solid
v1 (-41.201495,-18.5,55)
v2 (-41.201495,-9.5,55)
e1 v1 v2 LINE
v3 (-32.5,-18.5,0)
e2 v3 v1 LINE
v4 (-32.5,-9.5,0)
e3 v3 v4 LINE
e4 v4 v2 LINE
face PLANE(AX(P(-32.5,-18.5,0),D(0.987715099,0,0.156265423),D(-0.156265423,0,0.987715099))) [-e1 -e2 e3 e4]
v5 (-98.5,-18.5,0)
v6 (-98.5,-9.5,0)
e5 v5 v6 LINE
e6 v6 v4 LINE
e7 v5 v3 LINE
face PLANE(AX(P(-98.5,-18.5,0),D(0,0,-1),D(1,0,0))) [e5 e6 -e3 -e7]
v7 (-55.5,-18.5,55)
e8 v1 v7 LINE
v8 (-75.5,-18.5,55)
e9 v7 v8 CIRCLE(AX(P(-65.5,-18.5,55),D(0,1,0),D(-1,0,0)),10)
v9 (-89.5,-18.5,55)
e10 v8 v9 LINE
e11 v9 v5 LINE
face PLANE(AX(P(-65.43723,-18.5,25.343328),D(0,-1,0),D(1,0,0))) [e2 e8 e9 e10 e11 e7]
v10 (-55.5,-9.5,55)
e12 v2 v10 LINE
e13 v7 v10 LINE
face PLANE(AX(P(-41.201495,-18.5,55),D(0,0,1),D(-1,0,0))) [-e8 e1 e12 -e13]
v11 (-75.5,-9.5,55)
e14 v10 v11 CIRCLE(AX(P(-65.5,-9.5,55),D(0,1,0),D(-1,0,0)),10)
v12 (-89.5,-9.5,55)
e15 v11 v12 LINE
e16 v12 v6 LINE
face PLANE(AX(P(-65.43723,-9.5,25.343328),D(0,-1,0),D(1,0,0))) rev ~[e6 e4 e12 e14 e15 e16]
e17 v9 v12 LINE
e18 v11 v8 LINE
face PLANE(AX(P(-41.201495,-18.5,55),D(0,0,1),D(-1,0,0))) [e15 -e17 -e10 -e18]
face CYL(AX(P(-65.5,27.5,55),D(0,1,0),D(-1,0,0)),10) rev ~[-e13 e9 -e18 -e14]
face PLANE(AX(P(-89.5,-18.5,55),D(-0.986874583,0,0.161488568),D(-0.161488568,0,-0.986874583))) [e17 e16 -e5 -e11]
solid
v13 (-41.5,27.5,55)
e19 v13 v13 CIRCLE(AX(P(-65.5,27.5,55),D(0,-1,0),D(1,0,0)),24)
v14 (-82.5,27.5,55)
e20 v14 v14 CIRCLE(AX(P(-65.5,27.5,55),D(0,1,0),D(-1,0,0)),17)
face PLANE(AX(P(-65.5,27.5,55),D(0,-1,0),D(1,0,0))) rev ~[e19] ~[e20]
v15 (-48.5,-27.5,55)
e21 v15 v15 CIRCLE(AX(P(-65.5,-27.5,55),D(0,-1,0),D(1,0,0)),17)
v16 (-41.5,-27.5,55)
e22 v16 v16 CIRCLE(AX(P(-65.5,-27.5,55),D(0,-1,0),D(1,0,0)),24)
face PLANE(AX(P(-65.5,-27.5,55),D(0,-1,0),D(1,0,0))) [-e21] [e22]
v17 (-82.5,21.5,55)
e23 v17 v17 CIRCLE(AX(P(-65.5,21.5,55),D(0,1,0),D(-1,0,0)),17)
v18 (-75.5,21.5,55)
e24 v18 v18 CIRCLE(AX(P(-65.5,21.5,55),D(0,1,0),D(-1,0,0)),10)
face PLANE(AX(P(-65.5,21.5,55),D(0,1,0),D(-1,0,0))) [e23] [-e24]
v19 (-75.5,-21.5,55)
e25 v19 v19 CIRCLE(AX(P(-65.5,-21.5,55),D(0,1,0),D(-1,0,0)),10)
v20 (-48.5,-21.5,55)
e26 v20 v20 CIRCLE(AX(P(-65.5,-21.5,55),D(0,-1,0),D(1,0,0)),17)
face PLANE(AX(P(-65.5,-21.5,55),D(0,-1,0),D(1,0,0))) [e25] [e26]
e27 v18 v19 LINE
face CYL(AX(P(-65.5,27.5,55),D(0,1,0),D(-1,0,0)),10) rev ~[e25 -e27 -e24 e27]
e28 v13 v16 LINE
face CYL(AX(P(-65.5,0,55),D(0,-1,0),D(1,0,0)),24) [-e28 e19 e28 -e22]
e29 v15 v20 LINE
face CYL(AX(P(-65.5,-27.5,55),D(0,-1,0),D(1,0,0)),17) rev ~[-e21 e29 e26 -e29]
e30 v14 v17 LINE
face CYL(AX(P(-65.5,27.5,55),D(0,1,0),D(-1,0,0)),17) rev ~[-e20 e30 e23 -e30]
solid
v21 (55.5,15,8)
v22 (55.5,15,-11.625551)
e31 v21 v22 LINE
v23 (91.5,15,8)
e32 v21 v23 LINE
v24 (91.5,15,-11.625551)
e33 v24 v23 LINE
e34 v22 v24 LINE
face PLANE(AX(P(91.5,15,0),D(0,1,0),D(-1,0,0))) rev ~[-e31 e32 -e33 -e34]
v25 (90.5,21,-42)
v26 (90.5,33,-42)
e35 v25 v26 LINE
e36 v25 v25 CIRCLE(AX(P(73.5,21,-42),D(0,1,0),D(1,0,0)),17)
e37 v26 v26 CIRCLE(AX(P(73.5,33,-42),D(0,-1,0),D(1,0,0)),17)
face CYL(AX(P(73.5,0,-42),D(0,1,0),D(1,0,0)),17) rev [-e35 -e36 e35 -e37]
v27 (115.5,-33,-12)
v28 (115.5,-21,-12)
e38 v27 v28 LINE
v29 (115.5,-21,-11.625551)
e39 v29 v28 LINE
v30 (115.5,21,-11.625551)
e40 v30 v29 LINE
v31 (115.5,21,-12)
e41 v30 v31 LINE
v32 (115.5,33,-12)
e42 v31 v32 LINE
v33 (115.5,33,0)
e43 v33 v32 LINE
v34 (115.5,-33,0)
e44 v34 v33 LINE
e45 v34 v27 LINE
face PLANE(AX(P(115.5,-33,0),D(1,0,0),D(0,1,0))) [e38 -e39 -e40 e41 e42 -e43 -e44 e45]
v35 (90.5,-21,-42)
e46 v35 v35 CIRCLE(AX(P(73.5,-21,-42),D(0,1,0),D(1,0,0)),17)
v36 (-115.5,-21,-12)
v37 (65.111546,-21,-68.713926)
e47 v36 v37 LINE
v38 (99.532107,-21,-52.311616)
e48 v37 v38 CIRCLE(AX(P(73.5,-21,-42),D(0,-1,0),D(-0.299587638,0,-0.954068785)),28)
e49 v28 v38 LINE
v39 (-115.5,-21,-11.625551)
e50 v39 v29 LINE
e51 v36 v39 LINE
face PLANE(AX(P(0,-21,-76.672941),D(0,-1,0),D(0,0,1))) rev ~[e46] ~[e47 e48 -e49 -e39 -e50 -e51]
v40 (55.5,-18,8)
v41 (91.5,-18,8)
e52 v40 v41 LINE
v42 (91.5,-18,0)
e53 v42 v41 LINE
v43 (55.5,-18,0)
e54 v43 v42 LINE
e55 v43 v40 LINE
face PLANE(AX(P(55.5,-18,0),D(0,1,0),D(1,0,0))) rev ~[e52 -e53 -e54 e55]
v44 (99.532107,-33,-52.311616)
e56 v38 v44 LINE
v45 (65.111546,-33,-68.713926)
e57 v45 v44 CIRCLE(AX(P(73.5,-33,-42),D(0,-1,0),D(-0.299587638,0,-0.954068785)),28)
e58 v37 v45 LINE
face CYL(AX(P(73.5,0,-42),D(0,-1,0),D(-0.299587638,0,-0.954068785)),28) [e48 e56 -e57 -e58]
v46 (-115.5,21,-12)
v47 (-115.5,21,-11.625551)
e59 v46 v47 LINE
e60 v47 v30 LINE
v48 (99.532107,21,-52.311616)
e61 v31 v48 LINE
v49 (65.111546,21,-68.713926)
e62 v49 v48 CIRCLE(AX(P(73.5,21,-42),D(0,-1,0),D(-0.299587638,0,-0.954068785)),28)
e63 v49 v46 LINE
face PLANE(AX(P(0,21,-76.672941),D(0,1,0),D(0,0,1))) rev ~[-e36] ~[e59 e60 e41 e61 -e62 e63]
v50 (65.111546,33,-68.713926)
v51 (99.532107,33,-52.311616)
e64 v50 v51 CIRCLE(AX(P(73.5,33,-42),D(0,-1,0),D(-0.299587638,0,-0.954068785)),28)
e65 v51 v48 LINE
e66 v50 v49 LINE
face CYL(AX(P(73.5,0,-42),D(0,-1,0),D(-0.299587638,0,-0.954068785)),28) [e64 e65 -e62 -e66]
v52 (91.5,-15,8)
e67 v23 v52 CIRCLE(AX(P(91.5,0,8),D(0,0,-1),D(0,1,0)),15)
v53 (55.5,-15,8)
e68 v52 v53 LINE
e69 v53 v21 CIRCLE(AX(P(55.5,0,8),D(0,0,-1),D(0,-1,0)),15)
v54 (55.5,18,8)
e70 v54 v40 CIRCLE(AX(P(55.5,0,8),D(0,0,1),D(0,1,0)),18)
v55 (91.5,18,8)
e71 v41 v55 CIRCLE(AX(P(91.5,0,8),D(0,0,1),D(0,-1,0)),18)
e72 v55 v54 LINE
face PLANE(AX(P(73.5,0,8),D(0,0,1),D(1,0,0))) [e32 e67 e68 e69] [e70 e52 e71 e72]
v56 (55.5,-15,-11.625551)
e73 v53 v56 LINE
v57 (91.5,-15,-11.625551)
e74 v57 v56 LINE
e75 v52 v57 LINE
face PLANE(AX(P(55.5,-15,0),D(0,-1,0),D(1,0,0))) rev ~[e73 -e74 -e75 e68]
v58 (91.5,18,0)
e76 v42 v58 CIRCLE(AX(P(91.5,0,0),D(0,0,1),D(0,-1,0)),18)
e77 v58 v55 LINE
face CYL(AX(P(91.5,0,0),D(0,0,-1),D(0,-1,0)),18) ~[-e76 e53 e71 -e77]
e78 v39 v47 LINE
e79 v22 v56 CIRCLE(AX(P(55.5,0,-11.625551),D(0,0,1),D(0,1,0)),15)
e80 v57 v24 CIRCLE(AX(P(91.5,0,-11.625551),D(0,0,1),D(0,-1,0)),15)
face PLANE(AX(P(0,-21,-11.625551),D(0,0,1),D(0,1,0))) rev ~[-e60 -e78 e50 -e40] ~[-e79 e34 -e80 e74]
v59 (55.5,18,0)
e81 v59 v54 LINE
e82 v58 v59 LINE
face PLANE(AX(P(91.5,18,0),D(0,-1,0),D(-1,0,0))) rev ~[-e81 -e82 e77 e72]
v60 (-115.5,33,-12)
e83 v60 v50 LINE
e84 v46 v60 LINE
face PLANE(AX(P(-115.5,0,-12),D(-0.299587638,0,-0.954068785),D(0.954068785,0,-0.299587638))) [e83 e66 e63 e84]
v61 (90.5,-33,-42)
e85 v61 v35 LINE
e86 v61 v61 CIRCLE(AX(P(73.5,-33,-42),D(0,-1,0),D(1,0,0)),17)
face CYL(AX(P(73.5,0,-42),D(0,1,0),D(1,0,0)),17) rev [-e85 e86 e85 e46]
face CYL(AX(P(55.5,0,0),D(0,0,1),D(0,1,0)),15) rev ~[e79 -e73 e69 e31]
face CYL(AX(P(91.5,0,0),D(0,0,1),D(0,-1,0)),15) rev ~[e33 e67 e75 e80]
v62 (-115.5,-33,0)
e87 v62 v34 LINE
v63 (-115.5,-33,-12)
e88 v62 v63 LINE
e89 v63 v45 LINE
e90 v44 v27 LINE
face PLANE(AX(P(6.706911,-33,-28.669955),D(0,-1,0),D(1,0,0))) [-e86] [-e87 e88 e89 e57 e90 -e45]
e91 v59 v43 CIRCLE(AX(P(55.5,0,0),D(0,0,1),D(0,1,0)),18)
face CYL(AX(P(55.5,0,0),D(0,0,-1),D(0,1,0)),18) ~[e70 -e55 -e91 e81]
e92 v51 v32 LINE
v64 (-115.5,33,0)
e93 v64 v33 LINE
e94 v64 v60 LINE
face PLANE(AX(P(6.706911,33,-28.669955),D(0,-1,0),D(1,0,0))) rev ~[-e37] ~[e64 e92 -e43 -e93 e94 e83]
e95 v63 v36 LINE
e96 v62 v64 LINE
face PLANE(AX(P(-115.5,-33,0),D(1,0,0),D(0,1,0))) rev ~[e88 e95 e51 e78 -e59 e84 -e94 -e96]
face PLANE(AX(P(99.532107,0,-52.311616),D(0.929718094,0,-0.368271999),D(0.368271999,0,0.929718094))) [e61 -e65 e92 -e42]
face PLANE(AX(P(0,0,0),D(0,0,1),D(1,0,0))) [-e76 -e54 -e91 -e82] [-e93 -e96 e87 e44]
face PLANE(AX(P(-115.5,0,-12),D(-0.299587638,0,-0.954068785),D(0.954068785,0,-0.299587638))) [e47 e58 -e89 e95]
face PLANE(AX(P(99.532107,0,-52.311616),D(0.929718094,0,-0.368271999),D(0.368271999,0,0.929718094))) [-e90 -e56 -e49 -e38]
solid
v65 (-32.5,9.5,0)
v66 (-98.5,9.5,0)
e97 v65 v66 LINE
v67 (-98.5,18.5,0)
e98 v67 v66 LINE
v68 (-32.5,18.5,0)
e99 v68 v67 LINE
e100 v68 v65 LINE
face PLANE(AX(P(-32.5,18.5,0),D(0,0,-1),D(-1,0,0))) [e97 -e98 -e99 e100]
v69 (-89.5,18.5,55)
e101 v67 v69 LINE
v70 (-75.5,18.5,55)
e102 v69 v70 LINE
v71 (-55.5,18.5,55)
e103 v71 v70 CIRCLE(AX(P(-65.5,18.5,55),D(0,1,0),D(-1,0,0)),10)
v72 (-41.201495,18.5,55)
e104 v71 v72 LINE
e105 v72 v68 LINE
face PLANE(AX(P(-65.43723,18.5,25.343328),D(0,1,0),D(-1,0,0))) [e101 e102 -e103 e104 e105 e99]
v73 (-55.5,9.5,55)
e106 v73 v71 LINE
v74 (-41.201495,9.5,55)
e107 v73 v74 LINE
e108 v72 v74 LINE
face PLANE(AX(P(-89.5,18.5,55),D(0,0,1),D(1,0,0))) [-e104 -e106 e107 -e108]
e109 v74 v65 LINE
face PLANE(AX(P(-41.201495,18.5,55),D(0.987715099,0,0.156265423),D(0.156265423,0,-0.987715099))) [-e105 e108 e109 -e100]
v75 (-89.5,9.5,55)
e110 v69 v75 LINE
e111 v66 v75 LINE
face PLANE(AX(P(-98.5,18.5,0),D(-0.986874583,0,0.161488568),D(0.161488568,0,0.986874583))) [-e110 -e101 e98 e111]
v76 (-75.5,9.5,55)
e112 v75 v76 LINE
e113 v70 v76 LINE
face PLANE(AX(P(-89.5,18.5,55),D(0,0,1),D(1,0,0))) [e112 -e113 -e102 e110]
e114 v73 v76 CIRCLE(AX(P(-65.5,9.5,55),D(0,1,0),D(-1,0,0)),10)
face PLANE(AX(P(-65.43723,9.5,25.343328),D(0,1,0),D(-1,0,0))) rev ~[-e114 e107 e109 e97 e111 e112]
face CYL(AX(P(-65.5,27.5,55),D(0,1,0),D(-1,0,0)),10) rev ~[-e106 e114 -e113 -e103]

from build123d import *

# Parameters (mm, degrees)
F0_W           = 231
F0_H           = 66
F1_DEPTH       = 12
F3_DEPTH       = 8
F4_DEPTH       = 12.001
F5_R           = 24
F6_DEPTH       = 27.5
F9_DEPTH       = 9
F12_DEPTH      = 9
F13_R          = 10
F14_DEPTH      = 60.501
F15_R          = 17
F15_R_2        = 10
F16_DEPTH      = 6
F17_R          = 17
F17_R_2        = 10
F18_DEPTH      = 6
F19_R          = 17
F20_DEPTH      = 33
F21_W          = 42
F21_H          = 65.047390759
F22_DEPTH      = 115.501
F22_DEPTH_BACK = 115.501


with BuildPart() as f1:
    # F0 (on Top) → F1 (new body)
    with BuildSketch(Plane.XY):
        Rectangle(F0_W, F0_H)
    extrude(amount=-F1_DEPTH)

    # F2 (on face) → F3 (join)
    with BuildSketch(Plane.XY):
        with BuildLine():
            Line((91.5, 18), (55.5, 18))
            ThreePointArc((55.5, 18), (37.5, 0), (55.5, -18))
            Line((55.5, -18), (91.5, -18))
            ThreePointArc((91.5, -18), (109.5, 0), (91.5, 18))
        make_face()
        with BuildLine():
            ThreePointArc((55.5, -15), (40.5, 0), (55.5, 15))
            Line((55.5, 15), (91.5, 15))
            ThreePointArc((91.5, 15), (106.5, 0), (91.5, -15))
            Line((91.5, -15), (55.5, -15))
        make_face(mode=Mode.SUBTRACT)
    extrude(amount=F3_DEPTH)

    # F2 (on face) → F4 (cut, through all)
    with BuildSketch(Plane.XY):
        with BuildLine():
            Line((91.5, 15), (55.5, 15))
            ThreePointArc((55.5, 15), (40.5, 0), (55.5, -15))
            Line((55.5, -15), (91.5, -15))
            ThreePointArc((91.5, -15), (106.5, 0), (91.5, 15))
        make_face()
    extrude(amount=-F4_DEPTH, mode=Mode.SUBTRACT)

    # F19 (on Front) → F20 (join, symmetric)
    with BuildSketch(Plane.XZ):
        with BuildLine():
            Line((-115.5, -12), (65.1115461391, -68.7139259905))
            ThreePointArc((65.1115461391, -68.7139259905), (85.5450639021, -67.2767963871), (99.5321066415, -52.3116159648))
            Line((99.5321066415, -52.3116159648), (115.5, -12))
            Line((115.5, -12), (-115.5, -12))
        make_face()
        with Locations((73.5, -42)):
            Circle(F19_R, mode=Mode.SUBTRACT)
    extrude(amount=F20_DEPTH, both=True)

    # F21 (on Right) → F22 (cut, two sides)
    with BuildSketch(Plane.YZ) as f22_sk:
        with Locations((0, -44.1492460668)):
            Rectangle(F21_W, F21_H)
    extrude(amount=F22_DEPTH, mode=Mode.SUBTRACT)
    extrude(f22_sk.sketch, amount=-F22_DEPTH_BACK, mode=Mode.SUBTRACT)


with BuildPart() as f6:
    # F5 (on Front) → F6 (new body, symmetric)
    with BuildSketch(Plane.XZ):
        with Locations((-65.5, 55)):
            Circle(F5_R)
    extrude(amount=F6_DEPTH, both=True)


with BuildPart() as f9:
    # F8 (on offset) → F9 (new body)
    with BuildSketch(Plane.XZ.offset(18.5)):
        Polygon((-89.5, 55), (-98.5, 0), (-32.5, 0), (-41.2014952838, 55), align=None)
    extrude(amount=-F9_DEPTH)


with BuildPart() as f12:
    # F11 (on offset) → F12 (new body)
    with BuildSketch(Plane(origin=(0, 18.5, 0), x_dir=(-1, 0, 0), z_dir=(0, 1, 0))):
        Polygon((41.2014952838, 55), (32.5, 0), (98.5, 0), (89.5, 55), align=None)
    extrude(amount=-F12_DEPTH)


with BuildPart() as f14_tool:
    # F13 (on face) → F14 (new body, through all)
    with BuildSketch(Plane(origin=(0, 27.5, 0), x_dir=(-1, 0, 0), z_dir=(0, 1, 0))):
        with Locations((65.5, 55)):
            Circle(F13_R)
    extrude(amount=-F14_DEPTH)


with BuildPart() as f6_1:
    add(f6.part)

    # F14: cut by f14_tool
    add(f14_tool.part, mode=Mode.SUBTRACT)

    # F15 (on face) → F16 (cut)
    with BuildSketch(Plane(origin=(0, 27.5, 0), x_dir=(-1, 0, 0), z_dir=(0, 1, 0))):
        with Locations((65.5, 55)):
            Circle(F15_R)
        with Locations((65.5, 55)):
            Circle(F15_R_2, mode=Mode.SUBTRACT)
    extrude(amount=-F16_DEPTH, mode=Mode.SUBTRACT)

    # F17 (on face) → F18 (cut)
    with BuildSketch(Plane.XZ.offset(27.5)):
        with Locations((-65.5, 55)):
            Circle(F17_R)
        with Locations((-65.5, 55)):
            Circle(F17_R_2, mode=Mode.SUBTRACT)
    extrude(amount=-F18_DEPTH, mode=Mode.SUBTRACT)


with BuildPart() as f9_1:
    add(f9.part)

    # F14: cut by f14_tool
    add(f14_tool.part, mode=Mode.SUBTRACT)


with BuildPart() as f12_1:
    add(f12.part)

    # F14: cut by f14_tool
    add(f14_tool.part, mode=Mode.SUBTRACT)


solid = Compound([f1.part, f6_1.part, f9_1.part, f12_1.part])
